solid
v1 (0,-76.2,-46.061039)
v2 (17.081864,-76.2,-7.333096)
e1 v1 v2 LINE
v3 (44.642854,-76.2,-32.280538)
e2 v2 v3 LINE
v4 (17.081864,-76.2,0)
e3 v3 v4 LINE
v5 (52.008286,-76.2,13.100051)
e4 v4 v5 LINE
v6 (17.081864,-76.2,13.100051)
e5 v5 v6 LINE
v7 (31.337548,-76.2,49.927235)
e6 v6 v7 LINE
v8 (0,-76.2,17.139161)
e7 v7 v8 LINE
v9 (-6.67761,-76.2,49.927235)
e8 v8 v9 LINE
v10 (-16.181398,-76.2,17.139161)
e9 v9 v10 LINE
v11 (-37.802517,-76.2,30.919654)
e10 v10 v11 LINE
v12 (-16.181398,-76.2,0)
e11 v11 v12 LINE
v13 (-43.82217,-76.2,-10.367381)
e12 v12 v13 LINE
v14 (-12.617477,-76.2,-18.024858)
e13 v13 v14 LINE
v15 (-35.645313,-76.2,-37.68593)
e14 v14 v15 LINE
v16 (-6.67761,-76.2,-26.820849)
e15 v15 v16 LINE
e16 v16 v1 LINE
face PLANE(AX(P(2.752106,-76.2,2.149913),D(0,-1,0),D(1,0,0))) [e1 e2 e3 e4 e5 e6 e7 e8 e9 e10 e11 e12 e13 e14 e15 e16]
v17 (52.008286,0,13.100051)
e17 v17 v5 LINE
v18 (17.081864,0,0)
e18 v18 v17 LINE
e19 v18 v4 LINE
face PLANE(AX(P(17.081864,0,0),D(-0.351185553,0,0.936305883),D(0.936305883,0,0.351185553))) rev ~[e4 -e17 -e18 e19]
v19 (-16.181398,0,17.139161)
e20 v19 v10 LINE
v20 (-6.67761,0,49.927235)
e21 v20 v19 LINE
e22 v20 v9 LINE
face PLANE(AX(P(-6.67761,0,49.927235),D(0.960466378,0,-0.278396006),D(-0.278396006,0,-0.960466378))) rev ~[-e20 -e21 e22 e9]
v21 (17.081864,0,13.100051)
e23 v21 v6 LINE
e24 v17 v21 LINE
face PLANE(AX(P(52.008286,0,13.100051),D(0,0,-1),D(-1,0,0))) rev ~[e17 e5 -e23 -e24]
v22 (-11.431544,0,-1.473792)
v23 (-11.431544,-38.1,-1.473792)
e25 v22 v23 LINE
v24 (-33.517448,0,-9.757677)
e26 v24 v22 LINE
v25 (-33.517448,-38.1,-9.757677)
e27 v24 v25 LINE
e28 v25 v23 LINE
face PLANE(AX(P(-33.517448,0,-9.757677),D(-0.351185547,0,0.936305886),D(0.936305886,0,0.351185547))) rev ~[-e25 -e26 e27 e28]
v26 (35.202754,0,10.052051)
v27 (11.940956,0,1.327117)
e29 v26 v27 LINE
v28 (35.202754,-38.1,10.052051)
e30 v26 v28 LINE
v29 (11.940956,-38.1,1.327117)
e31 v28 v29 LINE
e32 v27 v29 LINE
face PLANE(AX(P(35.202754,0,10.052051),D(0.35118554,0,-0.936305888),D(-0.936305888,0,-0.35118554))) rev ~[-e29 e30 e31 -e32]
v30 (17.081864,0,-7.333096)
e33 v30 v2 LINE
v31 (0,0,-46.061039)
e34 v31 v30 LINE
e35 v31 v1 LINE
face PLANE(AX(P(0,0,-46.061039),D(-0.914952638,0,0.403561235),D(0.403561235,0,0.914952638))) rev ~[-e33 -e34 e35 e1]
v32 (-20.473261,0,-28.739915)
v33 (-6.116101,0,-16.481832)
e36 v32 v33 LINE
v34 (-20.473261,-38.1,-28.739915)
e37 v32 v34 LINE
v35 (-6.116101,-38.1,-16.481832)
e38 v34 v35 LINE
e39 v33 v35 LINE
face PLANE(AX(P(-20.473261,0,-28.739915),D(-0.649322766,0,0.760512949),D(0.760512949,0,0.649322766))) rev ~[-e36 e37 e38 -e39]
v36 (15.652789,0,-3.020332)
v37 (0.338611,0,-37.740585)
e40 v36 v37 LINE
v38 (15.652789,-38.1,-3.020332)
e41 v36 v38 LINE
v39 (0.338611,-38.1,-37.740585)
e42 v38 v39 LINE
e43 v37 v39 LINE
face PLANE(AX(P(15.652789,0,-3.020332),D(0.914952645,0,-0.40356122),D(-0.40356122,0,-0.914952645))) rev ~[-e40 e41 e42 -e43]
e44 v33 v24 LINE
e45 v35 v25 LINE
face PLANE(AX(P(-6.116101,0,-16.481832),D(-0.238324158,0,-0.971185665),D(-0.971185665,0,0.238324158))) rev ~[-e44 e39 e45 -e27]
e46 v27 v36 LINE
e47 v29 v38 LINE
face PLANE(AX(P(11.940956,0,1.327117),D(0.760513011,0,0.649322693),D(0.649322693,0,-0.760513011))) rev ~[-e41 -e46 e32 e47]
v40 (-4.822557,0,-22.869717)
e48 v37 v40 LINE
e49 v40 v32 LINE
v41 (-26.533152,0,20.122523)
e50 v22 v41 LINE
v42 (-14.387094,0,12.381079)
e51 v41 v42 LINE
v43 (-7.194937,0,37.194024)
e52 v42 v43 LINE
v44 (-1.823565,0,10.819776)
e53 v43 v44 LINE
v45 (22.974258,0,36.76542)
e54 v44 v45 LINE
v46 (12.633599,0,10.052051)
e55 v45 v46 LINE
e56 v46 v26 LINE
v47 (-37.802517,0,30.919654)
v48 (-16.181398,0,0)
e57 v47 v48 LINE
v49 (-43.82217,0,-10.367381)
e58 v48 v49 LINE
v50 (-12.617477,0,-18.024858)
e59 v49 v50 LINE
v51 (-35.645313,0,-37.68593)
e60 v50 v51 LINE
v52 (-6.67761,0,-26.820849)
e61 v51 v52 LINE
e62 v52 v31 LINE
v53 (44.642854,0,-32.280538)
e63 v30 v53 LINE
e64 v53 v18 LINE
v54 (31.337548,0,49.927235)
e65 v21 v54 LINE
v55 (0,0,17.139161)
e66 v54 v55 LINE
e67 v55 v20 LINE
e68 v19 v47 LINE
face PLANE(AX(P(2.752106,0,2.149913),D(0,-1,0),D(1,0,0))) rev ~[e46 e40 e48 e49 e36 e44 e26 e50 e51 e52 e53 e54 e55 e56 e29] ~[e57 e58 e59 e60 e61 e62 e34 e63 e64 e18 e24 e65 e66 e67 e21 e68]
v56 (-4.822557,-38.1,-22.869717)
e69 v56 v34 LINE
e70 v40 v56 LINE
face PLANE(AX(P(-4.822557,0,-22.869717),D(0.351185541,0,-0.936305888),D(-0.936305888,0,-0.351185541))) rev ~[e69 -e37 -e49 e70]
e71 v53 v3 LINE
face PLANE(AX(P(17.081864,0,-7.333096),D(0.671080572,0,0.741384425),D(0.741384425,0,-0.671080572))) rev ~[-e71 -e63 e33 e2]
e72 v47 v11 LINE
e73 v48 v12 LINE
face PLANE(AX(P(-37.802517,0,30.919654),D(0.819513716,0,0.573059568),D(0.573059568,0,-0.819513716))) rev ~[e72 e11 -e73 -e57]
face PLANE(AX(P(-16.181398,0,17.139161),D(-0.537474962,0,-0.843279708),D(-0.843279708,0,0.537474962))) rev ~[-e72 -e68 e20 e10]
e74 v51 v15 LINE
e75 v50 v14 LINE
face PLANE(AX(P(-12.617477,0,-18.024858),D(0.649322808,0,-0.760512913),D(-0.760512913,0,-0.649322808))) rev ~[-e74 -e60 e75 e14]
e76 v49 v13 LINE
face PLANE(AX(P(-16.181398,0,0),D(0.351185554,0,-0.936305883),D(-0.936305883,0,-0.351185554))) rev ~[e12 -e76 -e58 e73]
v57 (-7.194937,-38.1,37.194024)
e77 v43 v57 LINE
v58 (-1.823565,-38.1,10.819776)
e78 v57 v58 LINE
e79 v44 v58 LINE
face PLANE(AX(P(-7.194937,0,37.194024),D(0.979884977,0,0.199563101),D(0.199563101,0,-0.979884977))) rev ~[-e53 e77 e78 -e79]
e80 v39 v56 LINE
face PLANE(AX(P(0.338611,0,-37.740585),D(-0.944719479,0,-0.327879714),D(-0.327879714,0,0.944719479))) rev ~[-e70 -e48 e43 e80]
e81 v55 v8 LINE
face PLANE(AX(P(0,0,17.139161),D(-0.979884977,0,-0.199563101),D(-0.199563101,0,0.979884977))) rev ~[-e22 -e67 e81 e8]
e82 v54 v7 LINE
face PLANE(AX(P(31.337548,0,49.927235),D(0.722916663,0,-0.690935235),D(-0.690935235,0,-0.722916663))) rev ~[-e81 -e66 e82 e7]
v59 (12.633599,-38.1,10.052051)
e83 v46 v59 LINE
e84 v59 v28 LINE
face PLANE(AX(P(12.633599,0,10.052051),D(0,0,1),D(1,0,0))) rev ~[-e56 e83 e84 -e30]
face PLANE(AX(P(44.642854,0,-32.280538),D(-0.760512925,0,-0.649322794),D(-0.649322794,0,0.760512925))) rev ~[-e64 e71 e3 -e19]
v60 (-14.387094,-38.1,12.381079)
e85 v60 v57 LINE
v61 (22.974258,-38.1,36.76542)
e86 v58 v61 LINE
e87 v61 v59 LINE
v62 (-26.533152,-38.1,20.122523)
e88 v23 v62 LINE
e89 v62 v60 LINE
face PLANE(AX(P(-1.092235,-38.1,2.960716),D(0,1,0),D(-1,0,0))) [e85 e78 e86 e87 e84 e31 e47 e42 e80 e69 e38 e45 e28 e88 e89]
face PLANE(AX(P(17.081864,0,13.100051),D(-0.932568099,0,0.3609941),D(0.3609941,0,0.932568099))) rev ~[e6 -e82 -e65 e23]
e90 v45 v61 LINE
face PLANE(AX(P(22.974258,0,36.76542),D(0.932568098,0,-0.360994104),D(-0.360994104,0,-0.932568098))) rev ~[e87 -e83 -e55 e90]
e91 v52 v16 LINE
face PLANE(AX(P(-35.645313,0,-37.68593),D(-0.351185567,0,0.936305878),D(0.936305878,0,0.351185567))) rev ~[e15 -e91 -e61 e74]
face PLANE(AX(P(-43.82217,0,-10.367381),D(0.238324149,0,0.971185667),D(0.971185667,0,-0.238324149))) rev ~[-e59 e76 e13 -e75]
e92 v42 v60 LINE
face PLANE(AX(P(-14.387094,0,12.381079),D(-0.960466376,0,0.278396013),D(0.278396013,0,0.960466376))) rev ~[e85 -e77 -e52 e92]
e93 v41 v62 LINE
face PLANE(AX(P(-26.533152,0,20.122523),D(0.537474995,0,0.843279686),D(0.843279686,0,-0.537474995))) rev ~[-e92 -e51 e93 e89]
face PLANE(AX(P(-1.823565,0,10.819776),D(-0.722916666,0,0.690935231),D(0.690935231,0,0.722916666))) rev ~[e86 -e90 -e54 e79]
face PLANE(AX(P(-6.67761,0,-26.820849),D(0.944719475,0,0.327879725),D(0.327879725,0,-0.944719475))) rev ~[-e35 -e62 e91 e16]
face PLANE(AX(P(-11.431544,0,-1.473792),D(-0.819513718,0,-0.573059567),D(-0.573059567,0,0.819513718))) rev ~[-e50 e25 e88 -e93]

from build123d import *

# Parameters (mm, degrees)
F1_DEPTH = 76.2
F3_DEPTH = 38.1


with BuildPart() as f1:
    # F0 (on Front) → F1 (new body)
    with BuildSketch(Plane.XZ):
        Polygon((-6.67761, -26.820849), (0, -46.061039), (17.081864, -7.333096), (44.642854, -32.280538), (17.081864, 0), (52.008286, 13.100051), (17.081864, 13.100051), (31.337548, 49.927235), (0, 17.139161), (-6.67761, 49.927235), (-16.181398, 17.139161), (-37.802517, 30.919654), (-16.181398, 0), (-43.82217, -10.367381), (-12.617477, -18.024858), (-35.645313, -37.68593), align=None)
    extrude(amount=F1_DEPTH)

    # F2 (on face) → F3 (cut)
    with BuildSketch(Plane(origin=(0, 0, 0), x_dir=(-1, 0, 0), z_dir=(0, 1, 0))):
        Polygon((-11.940956, 1.327117), (-15.652789, -3.020332), (-0.338611, -37.740585), (4.822557, -22.869717), (20.473261, -28.739915), (6.116101, -16.481832), (33.517448, -9.757677), (11.431544, -1.473792), (26.533152, 20.122523), (14.387094, 12.381079), (7.194937, 37.194024), (1.823565, 10.819776), (-22.974258, 36.76542), (-12.633599, 10.052051), (-35.202754, 10.052051), align=None)
    extrude(amount=-F3_DEPTH, mode=Mode.SUBTRACT)


solid = f1.part
